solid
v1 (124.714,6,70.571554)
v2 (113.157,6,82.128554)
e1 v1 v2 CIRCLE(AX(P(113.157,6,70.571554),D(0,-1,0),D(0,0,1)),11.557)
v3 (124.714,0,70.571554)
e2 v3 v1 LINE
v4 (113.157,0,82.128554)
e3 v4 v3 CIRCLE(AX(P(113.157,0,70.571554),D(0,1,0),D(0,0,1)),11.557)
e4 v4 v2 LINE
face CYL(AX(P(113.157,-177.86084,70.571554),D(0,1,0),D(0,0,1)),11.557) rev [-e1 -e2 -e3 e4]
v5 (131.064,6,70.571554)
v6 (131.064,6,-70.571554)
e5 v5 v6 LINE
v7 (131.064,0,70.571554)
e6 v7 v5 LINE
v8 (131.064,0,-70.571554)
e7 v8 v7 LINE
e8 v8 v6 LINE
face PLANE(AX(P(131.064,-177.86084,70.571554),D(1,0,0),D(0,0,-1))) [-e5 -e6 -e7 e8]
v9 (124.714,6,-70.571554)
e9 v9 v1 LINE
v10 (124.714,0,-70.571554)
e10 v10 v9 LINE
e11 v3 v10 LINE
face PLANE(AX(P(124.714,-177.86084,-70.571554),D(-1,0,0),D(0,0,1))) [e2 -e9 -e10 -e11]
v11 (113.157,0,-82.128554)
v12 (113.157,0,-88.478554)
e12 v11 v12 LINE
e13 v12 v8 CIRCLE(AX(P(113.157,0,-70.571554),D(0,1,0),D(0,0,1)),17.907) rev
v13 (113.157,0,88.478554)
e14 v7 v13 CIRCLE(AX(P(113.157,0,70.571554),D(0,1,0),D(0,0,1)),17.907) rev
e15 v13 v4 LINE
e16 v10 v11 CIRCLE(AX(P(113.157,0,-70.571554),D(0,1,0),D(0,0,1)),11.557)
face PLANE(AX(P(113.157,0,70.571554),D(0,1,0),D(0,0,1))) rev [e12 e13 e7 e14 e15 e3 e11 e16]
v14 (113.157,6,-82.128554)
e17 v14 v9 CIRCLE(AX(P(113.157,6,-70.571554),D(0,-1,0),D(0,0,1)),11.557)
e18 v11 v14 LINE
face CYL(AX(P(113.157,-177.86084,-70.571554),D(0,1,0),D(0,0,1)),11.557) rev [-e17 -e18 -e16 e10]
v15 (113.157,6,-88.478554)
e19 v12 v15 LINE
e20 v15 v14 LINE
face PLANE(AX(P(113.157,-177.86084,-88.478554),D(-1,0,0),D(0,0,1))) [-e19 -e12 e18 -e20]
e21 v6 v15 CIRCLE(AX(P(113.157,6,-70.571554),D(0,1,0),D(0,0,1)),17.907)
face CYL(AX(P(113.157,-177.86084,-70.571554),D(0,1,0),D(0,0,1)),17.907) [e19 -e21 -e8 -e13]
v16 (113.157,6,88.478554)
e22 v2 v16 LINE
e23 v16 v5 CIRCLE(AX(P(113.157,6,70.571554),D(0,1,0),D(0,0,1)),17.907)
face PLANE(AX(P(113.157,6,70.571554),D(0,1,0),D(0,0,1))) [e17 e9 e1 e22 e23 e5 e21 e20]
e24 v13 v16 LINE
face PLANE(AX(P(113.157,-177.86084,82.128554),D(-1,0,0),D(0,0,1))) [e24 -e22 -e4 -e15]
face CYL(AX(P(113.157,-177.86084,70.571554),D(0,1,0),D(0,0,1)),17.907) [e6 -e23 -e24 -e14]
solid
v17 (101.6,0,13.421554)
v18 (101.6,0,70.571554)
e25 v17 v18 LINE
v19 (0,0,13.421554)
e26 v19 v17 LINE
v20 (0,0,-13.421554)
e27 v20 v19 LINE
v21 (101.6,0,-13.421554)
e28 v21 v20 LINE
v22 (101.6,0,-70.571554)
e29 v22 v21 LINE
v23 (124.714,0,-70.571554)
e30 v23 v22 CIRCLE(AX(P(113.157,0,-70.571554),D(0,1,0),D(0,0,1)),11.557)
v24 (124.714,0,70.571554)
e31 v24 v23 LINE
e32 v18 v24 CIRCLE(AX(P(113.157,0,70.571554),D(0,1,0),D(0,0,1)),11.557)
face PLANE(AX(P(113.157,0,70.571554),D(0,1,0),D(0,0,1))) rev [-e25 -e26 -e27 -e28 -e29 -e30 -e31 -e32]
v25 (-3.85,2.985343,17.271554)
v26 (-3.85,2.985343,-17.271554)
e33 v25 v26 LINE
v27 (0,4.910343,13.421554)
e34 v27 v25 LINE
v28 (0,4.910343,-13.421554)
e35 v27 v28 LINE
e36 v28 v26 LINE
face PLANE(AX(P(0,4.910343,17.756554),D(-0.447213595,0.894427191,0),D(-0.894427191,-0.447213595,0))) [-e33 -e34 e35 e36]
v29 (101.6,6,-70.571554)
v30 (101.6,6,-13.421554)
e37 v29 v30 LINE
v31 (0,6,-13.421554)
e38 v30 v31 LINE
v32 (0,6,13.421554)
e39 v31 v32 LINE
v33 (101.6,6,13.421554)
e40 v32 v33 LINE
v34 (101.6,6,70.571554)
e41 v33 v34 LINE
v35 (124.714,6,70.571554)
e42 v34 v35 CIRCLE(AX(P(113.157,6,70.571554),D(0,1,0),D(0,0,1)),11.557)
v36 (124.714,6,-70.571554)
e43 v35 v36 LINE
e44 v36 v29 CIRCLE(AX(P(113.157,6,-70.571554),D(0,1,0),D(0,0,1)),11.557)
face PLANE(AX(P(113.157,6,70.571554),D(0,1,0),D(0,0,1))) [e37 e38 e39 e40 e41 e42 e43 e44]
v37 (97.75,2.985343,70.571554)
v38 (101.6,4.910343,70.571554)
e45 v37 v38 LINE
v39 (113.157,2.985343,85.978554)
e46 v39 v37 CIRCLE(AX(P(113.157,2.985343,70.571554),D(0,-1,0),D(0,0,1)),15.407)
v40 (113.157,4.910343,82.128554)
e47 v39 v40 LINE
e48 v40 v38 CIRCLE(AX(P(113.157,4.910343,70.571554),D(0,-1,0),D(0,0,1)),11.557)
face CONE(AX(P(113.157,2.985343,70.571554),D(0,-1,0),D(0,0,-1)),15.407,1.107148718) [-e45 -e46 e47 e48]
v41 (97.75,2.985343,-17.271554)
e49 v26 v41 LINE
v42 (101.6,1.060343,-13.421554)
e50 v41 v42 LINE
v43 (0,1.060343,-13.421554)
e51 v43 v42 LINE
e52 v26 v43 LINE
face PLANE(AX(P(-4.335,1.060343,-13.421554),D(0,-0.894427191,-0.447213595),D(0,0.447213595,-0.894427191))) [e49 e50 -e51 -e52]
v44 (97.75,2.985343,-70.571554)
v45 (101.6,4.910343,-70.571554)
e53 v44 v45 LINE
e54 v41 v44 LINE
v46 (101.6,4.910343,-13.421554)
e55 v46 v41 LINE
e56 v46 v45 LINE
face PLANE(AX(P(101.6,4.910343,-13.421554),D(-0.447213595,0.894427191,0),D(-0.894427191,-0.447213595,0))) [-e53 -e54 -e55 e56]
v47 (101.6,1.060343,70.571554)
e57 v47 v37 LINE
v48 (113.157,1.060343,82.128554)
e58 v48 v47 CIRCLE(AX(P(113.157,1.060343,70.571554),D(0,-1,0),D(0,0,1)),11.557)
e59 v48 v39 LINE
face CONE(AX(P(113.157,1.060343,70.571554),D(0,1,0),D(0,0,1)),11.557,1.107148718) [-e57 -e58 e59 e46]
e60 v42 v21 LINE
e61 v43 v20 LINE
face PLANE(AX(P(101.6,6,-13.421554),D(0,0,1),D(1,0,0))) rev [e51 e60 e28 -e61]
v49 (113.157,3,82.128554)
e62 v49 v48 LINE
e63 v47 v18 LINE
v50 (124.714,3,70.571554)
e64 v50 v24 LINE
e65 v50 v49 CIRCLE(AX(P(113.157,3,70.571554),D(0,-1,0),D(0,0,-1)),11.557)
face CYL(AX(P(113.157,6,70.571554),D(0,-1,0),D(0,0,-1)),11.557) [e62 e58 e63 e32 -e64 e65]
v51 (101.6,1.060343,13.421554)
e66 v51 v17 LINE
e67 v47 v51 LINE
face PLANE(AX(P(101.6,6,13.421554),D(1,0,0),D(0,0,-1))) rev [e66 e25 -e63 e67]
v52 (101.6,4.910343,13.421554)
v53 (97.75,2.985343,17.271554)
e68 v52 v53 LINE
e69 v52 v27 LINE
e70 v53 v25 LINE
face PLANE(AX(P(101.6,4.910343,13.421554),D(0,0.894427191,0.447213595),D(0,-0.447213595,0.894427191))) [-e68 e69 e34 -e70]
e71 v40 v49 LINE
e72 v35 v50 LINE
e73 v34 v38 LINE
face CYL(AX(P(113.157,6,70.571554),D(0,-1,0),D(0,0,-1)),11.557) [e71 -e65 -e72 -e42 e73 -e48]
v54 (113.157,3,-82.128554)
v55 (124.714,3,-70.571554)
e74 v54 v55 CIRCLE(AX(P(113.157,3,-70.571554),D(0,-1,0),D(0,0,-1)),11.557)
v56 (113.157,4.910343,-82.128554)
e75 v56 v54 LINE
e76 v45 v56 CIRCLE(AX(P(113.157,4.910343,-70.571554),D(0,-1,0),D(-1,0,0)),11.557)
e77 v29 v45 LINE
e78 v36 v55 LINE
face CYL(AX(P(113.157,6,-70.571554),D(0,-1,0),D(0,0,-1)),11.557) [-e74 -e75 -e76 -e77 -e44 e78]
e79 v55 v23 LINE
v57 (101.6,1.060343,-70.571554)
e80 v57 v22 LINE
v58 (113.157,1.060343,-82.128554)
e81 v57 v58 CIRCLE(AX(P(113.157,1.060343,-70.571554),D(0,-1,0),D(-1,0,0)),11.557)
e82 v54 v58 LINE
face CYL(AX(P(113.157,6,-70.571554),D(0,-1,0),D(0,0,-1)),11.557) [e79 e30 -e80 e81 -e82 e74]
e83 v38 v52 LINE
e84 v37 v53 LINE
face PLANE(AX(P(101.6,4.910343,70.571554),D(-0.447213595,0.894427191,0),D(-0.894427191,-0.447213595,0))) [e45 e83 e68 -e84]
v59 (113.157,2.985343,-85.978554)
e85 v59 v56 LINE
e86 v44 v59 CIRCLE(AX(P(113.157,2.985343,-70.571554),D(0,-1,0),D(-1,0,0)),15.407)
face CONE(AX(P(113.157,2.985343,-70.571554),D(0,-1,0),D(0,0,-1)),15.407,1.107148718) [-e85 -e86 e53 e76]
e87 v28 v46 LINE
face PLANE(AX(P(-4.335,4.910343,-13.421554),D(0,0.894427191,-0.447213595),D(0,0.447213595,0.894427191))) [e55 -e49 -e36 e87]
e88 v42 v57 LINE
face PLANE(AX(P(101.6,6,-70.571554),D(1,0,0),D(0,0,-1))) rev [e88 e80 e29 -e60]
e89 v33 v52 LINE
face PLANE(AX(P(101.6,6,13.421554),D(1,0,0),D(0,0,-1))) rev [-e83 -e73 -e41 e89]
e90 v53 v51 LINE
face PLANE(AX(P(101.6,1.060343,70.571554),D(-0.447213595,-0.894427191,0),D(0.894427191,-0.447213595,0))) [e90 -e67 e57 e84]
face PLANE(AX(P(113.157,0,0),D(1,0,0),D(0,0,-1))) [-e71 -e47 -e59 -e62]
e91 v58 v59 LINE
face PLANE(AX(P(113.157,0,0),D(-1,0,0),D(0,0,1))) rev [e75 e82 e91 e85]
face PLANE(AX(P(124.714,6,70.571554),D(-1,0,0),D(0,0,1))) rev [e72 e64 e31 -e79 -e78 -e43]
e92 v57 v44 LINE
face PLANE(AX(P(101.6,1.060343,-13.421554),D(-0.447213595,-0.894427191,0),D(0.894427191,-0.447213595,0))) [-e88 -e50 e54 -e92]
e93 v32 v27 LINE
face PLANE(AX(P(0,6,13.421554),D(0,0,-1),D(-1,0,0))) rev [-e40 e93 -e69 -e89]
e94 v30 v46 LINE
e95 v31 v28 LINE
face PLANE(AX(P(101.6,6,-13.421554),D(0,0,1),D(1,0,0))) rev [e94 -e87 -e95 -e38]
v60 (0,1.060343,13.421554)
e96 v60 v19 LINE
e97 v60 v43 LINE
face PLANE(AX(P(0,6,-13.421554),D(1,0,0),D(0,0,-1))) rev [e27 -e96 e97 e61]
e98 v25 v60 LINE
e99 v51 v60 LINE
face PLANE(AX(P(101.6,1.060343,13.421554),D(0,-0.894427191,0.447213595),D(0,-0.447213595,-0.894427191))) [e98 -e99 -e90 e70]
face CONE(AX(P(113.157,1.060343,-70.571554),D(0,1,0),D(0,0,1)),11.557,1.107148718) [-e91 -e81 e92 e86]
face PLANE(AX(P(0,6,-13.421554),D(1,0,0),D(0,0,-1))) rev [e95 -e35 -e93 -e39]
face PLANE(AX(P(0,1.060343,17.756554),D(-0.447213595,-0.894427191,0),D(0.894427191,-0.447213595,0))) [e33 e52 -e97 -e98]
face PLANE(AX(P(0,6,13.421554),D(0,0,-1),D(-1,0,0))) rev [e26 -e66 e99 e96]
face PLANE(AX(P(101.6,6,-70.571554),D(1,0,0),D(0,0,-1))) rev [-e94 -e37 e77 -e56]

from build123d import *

# Parameters (mm, degrees)
BOSS_EXTRUDE1_DEPTH = 6
BOSS_EXTRUDE2_DEPTH = 6


with BuildPart() as part:
    # Sketch1 → Boss-Extrude1 (new body)
    with BuildSketch(Plane(origin=(0, 0, 0), x_dir=(1, 0, 0), z_dir=(0, 1, 0))):
        with BuildLine():
            Line((0, -13.421553628), (101.6, -13.421553628))
            Line((101.6, -13.421553628), (101.6, -70.571553628))
            ThreePointArc((101.6, -70.571553628), (113.157, -82.128553628), (124.714, -70.571553628))
            Line((124.714, -70.571553628), (124.714, 70.571553628))
            ThreePointArc((124.714, 70.571553628), (113.157, 82.128553628), (101.6, 70.571553628))
            Line((101.6, 70.571553628), (101.6, 13.421553628))
            Line((101.6, 13.421553628), (0, 13.421553628))
            Line((0, 13.421553628), (0, -13.421553628))
        make_face()
    extrude(amount=BOSS_EXTRUDE1_DEPTH)

    # Sweep1: sweep along a curve in space
    with BuildLine() as sweep1_path:
        ThreePointArc((113.157, 3, 82.128553628), (104.98496693, 3, 78.743586698), (101.6, 3, 70.571553628))
        Line((101.6, 3, 70.571553628), (101.6, 3, 13.421553628))
        Line((101.6, 3, 13.421553628), (0, 3, 13.421553628))
        Line((0, 3, 13.421553628), (0, 3, -13.421553628))
        Line((0, 3, -13.421553628), (101.6, 3, -13.421553628))
        Line((101.6, 3, -13.421553628), (101.6, 3, -70.571553628))
        ThreePointArc((101.6, 3, -70.571553628), (104.98496693, 3, -78.743586698), (113.157, 3, -82.128553628))
    # Sketch4 → Sweep1 (sweep)
    with BuildSketch(Plane(origin=(113.157, 0, 0), x_dir=(0, 0, -1), z_dir=(1, 0, 0))):
        Polygon((82.128553628, 4.910343042), (82.128553628, 1.060343042), (85.978553628, 2.985343042), align=None)
    sweep(path=sweep1_path.line, transition=Transition.RIGHT)


with BuildPart() as body_2:
    # Sketch5 → Boss-Extrude2 (new body)
    with BuildSketch(Plane(origin=(0, 6, 0), x_dir=(1, 0, 0), z_dir=(0, 1, 0))):
        with BuildLine():
            Line((131.064, -70.571553628), (131.064, 70.571553628))
            ThreePointArc((131.064, 70.571553628), (125.819161131, 83.233714759), (113.157, 88.478553628))
            Line((113.157, 88.478553628), (113.157, 82.128553628))
            ThreePointArc((113.157, 82.128553628), (121.32903307, 78.743586698), (124.714, 70.571553628))
            Line((124.714, 70.571553628), (124.714, -70.571553628))
            ThreePointArc((124.714, -70.571553628), (121.32903307, -78.743586698), (113.157, -82.128553628))
            Line((113.157, -82.128553628), (113.157, -88.478553628))
            ThreePointArc((113.157, -88.478553628), (125.819161131, -83.233714759), (131.064, -70.571553628))
        make_face()
    extrude(amount=-BOSS_EXTRUDE2_DEPTH)


solid = Compound([part.part, body_2.part])
